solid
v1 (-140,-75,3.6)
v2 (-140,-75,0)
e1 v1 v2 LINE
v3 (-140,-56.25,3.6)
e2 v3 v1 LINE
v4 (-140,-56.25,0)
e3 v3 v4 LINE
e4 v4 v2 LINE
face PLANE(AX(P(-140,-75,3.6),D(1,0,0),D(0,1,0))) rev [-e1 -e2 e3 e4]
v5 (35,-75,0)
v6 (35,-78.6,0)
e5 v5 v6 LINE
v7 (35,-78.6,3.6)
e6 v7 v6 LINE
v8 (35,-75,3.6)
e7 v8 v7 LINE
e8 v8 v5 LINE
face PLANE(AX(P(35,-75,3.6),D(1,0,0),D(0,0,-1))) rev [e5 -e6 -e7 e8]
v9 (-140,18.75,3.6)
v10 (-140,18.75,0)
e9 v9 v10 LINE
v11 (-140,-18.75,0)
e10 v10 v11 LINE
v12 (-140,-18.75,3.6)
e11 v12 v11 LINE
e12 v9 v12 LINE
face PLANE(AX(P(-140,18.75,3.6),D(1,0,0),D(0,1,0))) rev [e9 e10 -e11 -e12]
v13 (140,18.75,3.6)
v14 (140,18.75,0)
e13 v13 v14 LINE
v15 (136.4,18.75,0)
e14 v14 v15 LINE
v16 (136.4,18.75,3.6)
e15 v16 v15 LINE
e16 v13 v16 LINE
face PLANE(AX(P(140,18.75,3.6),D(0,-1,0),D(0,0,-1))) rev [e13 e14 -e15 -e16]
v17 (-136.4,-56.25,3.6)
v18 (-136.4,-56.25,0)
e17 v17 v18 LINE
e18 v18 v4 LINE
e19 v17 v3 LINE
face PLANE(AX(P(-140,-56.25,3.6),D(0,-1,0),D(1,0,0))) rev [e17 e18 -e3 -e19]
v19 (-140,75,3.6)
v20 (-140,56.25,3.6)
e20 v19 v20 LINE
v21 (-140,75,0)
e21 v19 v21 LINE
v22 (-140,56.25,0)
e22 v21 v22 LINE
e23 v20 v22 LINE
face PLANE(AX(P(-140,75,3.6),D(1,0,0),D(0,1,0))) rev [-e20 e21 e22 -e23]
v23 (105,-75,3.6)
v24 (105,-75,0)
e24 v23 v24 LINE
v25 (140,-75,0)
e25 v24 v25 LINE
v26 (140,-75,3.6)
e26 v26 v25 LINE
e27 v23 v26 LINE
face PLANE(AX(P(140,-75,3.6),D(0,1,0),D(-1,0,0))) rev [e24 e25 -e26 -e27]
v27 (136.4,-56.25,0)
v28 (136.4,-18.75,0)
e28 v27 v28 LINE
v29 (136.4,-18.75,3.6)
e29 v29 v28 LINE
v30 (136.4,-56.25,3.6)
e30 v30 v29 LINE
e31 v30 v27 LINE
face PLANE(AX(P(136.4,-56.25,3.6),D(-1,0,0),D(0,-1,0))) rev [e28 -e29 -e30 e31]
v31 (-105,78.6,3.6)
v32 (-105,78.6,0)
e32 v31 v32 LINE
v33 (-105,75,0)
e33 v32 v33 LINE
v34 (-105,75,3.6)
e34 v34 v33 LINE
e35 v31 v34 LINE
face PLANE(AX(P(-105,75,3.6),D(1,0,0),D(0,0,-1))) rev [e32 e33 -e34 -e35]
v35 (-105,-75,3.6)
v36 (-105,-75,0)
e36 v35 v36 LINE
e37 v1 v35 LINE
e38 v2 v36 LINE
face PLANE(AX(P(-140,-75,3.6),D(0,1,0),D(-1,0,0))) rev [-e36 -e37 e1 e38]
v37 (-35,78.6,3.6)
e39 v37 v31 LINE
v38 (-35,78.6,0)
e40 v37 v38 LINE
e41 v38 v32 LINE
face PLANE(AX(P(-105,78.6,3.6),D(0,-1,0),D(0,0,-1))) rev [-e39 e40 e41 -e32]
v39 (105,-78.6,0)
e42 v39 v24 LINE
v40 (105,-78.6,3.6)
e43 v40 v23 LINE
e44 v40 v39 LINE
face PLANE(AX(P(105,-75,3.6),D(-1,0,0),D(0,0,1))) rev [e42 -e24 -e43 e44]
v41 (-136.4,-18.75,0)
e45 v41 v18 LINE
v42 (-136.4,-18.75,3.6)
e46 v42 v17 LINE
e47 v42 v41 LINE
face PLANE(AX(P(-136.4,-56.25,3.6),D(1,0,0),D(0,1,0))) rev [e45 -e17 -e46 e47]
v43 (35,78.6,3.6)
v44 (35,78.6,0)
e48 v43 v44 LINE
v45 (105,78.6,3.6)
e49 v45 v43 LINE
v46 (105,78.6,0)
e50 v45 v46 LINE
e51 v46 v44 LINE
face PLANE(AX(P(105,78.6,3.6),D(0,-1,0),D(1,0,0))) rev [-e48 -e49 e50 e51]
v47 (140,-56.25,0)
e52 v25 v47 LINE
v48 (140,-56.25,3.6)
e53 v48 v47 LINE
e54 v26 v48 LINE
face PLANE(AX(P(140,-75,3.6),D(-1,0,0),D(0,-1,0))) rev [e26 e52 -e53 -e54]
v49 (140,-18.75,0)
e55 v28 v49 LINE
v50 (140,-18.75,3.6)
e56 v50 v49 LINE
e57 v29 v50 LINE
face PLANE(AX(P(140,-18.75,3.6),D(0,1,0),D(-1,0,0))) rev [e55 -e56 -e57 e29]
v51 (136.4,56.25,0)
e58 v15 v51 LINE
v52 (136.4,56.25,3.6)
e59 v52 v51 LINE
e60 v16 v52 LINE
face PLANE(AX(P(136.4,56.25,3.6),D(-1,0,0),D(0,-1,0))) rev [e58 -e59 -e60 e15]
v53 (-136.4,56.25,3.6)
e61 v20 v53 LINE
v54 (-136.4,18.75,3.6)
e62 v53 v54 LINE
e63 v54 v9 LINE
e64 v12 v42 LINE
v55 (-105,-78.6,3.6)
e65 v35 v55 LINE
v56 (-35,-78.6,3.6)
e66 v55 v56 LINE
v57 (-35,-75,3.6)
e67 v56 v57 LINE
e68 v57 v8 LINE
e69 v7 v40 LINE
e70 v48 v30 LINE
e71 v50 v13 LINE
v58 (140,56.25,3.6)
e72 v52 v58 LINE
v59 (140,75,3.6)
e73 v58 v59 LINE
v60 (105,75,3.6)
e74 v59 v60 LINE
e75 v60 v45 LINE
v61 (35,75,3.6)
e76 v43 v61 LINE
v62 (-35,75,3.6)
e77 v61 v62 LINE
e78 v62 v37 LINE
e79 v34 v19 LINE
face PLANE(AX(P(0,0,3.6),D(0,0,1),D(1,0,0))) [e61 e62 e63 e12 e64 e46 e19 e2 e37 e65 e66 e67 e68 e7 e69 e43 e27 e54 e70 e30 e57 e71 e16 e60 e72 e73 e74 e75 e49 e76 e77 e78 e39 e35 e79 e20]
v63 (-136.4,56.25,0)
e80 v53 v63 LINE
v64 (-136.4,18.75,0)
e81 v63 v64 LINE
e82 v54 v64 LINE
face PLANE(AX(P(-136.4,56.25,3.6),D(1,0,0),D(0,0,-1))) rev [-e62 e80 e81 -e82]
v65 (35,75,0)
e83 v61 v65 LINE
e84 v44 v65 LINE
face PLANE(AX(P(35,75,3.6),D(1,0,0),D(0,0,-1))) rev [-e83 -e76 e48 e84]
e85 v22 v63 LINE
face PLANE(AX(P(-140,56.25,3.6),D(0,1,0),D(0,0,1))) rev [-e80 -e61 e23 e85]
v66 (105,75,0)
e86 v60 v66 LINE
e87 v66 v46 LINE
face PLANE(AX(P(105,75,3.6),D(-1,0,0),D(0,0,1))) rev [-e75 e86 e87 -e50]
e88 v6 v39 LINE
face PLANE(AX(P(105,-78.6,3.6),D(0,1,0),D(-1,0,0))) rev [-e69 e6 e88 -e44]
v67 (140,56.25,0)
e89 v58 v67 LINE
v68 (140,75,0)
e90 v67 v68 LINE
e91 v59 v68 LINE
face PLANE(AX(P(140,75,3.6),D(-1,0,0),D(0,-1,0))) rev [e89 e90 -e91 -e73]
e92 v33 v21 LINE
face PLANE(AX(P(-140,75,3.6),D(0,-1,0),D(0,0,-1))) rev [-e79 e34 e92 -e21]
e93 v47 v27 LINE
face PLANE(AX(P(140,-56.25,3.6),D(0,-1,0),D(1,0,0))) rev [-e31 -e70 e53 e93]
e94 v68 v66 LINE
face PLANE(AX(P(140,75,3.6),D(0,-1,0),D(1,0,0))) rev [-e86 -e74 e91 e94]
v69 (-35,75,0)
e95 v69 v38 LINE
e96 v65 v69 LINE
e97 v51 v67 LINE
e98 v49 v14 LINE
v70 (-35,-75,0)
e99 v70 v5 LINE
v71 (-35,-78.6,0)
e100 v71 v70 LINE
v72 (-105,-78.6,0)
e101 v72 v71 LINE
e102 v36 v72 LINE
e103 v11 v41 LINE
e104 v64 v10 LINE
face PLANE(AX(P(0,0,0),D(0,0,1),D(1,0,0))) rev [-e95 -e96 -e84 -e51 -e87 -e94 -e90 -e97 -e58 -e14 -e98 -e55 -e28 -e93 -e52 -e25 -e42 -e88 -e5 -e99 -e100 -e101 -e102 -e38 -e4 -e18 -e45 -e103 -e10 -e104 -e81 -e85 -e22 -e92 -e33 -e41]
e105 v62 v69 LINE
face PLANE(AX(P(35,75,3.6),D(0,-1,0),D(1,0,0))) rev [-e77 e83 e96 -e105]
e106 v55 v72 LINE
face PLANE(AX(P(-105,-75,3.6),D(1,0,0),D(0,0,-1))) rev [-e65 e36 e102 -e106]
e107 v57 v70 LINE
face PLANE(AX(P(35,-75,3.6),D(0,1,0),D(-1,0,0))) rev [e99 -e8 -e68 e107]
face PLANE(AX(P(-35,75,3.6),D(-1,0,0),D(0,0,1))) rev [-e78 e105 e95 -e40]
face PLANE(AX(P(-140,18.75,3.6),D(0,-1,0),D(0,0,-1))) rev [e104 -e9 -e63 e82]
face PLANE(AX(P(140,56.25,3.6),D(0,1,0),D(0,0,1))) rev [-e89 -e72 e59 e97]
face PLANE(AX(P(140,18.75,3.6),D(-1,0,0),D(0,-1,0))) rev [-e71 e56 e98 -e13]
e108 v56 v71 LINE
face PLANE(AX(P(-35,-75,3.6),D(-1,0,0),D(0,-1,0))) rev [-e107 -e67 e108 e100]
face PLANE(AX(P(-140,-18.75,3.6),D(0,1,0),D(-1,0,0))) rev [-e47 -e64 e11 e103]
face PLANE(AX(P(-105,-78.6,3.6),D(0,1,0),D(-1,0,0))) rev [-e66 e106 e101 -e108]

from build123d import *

# Parameters (mm, degrees)
EXTRUDE_1_DEPTH = 3.6


with BuildPart() as part:
    # 草图1 → 凸台-拉伸1 (new body)
    with BuildSketch(Plane.XY):
        Polygon((140, -75), (105, -75), (105, -78.6), (35, -78.6), (35, -75), (-35, -75), (-35, -78.6), (-105, -78.6), (-105, -75), (-140, -75), (-140, -56.25), (-136.4, -56.25), (-136.4, -18.75), (-140, -18.75), (-140, 18.75), (-136.4, 18.75), (-136.4, 56.25), (-140, 56.25), (-140, 75), (-105, 75), (-105, 78.6), (-35, 78.6), (-35, 75), (35, 75), (35, 78.6), (105, 78.6), (105, 75), (140, 75), (140, 56.25), (136.4, 56.25), (136.4, 18.75), (140, 18.75), (140, -18.75), (136.4, -18.75), (136.4, -56.25), (140, -56.25), align=None)
    extrude(amount=EXTRUDE_1_DEPTH)


solid = part.part
